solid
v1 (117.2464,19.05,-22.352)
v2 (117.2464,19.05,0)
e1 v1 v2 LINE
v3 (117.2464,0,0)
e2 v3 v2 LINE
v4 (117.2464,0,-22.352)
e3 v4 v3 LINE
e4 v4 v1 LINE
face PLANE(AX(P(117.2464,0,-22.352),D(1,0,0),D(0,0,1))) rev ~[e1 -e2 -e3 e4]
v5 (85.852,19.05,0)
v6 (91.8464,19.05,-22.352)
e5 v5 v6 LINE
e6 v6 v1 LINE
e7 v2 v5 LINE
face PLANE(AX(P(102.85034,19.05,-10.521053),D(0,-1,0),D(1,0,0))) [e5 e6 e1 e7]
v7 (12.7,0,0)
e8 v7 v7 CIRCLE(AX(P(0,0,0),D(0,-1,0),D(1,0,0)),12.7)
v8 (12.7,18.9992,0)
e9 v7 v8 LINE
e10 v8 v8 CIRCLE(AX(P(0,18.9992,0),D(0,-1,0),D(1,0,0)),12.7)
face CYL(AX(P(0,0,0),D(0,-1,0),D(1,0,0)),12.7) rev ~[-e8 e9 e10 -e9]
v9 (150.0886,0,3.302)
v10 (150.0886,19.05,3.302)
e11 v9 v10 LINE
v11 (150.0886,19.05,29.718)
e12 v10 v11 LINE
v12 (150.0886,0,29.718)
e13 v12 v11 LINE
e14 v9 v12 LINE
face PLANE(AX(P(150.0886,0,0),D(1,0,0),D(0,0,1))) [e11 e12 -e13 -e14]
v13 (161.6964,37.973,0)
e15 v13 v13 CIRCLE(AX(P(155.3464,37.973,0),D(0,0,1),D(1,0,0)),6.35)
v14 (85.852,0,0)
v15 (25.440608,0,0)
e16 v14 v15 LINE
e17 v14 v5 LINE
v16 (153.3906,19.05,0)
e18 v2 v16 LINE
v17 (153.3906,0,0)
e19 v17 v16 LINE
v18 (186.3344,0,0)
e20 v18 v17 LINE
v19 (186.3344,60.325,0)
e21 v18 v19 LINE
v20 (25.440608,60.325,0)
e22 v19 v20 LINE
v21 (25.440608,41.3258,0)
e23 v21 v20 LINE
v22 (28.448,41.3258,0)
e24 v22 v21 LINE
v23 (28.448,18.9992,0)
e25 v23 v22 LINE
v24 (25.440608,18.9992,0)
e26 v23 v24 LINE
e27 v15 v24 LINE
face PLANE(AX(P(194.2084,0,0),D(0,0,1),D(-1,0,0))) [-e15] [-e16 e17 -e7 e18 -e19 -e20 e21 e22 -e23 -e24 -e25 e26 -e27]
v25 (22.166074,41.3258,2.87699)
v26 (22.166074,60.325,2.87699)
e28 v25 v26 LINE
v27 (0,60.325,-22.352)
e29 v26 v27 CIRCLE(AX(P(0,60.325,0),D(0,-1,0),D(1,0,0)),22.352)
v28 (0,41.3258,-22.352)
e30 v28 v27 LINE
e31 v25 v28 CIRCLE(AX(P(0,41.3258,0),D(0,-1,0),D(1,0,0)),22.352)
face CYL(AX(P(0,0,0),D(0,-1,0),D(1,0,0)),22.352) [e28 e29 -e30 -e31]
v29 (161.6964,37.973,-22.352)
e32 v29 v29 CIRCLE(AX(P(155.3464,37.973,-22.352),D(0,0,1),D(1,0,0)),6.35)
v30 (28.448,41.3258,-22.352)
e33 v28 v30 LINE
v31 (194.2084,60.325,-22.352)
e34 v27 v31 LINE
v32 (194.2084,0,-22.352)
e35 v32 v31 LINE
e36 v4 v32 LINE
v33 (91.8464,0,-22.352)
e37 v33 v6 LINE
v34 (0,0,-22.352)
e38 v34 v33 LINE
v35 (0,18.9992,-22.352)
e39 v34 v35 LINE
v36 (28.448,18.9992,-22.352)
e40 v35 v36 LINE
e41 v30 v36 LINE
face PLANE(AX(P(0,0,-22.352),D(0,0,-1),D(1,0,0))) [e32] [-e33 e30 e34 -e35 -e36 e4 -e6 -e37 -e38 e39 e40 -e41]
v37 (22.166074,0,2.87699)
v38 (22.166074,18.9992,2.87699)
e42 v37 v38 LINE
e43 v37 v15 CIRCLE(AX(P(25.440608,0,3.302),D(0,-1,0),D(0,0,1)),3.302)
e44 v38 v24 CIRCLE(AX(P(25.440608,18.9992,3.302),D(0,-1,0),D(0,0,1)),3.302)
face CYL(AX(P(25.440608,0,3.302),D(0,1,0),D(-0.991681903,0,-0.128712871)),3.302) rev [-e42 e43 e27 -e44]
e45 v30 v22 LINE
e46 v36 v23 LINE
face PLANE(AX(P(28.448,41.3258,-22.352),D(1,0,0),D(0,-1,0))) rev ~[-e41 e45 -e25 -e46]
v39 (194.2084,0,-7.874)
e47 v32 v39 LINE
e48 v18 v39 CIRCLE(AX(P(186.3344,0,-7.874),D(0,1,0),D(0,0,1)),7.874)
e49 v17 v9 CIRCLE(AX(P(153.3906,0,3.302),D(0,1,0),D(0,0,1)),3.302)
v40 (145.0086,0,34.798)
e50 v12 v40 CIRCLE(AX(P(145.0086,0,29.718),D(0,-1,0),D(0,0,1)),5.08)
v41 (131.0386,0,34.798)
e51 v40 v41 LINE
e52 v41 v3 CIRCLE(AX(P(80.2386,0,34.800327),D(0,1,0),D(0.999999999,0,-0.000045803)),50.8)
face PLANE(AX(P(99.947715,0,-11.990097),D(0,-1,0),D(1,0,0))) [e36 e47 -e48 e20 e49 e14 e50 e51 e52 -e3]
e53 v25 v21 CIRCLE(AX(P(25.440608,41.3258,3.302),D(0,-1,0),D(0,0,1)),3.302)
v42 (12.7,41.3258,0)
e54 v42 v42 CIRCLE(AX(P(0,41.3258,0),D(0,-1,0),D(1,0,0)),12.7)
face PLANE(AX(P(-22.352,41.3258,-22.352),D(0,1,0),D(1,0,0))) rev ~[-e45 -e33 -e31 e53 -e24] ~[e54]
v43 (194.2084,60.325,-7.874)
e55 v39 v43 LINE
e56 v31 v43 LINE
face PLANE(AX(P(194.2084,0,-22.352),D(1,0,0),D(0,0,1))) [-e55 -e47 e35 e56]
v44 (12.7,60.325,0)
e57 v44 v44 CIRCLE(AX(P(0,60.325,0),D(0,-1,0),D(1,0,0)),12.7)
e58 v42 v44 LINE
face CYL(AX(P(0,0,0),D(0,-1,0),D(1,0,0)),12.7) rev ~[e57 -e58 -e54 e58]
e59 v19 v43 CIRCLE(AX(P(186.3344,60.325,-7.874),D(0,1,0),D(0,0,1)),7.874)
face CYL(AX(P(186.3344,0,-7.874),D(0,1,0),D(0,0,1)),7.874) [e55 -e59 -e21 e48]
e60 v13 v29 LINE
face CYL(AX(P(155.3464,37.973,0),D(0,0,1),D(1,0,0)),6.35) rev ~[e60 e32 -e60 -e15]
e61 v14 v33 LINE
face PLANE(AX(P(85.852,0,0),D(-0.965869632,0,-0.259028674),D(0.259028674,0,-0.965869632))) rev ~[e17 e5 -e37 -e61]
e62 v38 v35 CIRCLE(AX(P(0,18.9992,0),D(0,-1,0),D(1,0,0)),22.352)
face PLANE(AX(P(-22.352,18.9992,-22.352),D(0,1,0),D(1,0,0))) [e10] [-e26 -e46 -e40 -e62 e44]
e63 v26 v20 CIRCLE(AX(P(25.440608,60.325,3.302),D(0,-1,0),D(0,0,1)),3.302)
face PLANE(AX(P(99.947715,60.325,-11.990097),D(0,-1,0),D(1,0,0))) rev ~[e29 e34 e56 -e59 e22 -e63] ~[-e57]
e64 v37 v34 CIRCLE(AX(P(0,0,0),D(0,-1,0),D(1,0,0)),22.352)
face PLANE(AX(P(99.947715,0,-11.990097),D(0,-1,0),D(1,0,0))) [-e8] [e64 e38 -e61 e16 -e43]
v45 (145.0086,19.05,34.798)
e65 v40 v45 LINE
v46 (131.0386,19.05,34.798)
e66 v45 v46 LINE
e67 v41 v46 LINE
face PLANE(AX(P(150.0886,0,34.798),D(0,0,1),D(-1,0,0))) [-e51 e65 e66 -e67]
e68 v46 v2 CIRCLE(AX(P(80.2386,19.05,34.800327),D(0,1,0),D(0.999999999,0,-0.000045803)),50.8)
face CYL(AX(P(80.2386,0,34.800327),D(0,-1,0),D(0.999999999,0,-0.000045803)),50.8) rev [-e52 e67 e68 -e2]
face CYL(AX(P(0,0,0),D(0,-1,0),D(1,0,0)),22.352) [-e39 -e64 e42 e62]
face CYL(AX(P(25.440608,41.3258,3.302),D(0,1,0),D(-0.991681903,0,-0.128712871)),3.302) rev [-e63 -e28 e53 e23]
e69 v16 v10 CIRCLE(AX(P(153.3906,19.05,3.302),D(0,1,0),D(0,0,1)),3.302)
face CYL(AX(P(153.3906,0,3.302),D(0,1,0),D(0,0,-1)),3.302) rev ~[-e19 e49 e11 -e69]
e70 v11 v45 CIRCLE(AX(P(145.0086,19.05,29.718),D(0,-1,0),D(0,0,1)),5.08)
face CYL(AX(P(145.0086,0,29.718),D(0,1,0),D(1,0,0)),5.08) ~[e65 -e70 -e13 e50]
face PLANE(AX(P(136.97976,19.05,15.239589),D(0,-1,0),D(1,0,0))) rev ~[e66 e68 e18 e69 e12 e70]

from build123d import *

# Parameters (mm, degrees)
F0_R      = 12.7
F1_DEPTH  = 60.325
F2_R      = 7.874
F4_DEPTH  = 19.05
F6_DEPTH  = 19.05
F7_R      = 5.08
F8_R      = 6.35
F9_DEPTH  = 22.353
F10_W     = 50.8
F10_H     = 22.3266
F11_DEPTH = 44.704
F12_R     = 3.302


with BuildPart() as f1:
    # F0 (on Front) → F1 (new body)
    with BuildSketch(Plane.XZ):
        with BuildLine():
            Line((194.2084, 0), (22.352, 0))
            ThreePointArc((22.352, 0), (15.8052507731, -15.8052507731), (0, -22.352))
            Line((0, -22.352), (194.2084, -22.352))
            Line((194.2084, -22.352), (194.2084, 0))
        make_face()
        with BuildLine():
            ThreePointArc((0, -22.352), (15.8052507731, -15.8052507731), (22.352, 0))
            ThreePointArc((22.352, 0), (-15.8052507731, 15.8052507731), (0, -22.352))
        make_face()
        Circle(F0_R, mode=Mode.SUBTRACT)
    extrude(amount=-F1_DEPTH)

    # F2
    f2_edges = [f1.edges().sort_by_distance(p)[0] for p in [
        (194.2084, 30.1625, 0),
    ]]
    fillet(f2_edges, radius=F2_R)

    # F3 (on face) → F4 (join)
    with BuildSketch(Plane.XZ):
        with BuildLine():
            ThreePointArc((131.0386, 34.798), (127.4644153616, 16.0823576341), (117.2464, 0))
            Line((117.2464, 0), (150.0886, 0))
            Line((150.0886, 0), (150.0886, 34.798))
            Line((150.0886, 34.798), (131.0386, 34.798))
        make_face()
    extrude(amount=-F4_DEPTH)

    # F5 (on face) → F6 (cut)
    with BuildSketch(Plane.XZ):
        Polygon((117.2464, -22.352), (117.2464, 0), (85.852, 0), (91.8464, -22.352), align=None)
    extrude(amount=-F6_DEPTH, mode=Mode.SUBTRACT)

    # F7
    f7_edges = [f1.edges().sort_by_distance(p)[0] for p in [
        (150.0886, 9.525, 34.798),
    ]]
    fillet(f7_edges, radius=F7_R)

    # F8 (on face) → F9 (cut, through all)
    with BuildSketch(Plane.XY):
        with Locations((155.3464, 37.973)):
            Circle(F8_R)
    extrude(amount=-F9_DEPTH, mode=Mode.SUBTRACT)

    # F10 (on face) → F11 (cut)
    with BuildSketch(Plane(origin=(0, 0, -22.352), x_dir=(1, 0, 0), z_dir=(0, 0, -1))):
        with Locations((3.048, -30.1625)):
            Rectangle(F10_W, F10_H)
    extrude(amount=-F11_DEPTH, mode=Mode.SUBTRACT)

    # F12
    f12_edges = [f1.edges().sort_by_distance(p)[0] for p in [
        (22.352, 9.4996, 0),
        (22.352, 50.8254, 0),
        (150.0886, 9.525, 0),
    ]]
    fillet(f12_edges, radius=F12_R)


solid = f1.part
